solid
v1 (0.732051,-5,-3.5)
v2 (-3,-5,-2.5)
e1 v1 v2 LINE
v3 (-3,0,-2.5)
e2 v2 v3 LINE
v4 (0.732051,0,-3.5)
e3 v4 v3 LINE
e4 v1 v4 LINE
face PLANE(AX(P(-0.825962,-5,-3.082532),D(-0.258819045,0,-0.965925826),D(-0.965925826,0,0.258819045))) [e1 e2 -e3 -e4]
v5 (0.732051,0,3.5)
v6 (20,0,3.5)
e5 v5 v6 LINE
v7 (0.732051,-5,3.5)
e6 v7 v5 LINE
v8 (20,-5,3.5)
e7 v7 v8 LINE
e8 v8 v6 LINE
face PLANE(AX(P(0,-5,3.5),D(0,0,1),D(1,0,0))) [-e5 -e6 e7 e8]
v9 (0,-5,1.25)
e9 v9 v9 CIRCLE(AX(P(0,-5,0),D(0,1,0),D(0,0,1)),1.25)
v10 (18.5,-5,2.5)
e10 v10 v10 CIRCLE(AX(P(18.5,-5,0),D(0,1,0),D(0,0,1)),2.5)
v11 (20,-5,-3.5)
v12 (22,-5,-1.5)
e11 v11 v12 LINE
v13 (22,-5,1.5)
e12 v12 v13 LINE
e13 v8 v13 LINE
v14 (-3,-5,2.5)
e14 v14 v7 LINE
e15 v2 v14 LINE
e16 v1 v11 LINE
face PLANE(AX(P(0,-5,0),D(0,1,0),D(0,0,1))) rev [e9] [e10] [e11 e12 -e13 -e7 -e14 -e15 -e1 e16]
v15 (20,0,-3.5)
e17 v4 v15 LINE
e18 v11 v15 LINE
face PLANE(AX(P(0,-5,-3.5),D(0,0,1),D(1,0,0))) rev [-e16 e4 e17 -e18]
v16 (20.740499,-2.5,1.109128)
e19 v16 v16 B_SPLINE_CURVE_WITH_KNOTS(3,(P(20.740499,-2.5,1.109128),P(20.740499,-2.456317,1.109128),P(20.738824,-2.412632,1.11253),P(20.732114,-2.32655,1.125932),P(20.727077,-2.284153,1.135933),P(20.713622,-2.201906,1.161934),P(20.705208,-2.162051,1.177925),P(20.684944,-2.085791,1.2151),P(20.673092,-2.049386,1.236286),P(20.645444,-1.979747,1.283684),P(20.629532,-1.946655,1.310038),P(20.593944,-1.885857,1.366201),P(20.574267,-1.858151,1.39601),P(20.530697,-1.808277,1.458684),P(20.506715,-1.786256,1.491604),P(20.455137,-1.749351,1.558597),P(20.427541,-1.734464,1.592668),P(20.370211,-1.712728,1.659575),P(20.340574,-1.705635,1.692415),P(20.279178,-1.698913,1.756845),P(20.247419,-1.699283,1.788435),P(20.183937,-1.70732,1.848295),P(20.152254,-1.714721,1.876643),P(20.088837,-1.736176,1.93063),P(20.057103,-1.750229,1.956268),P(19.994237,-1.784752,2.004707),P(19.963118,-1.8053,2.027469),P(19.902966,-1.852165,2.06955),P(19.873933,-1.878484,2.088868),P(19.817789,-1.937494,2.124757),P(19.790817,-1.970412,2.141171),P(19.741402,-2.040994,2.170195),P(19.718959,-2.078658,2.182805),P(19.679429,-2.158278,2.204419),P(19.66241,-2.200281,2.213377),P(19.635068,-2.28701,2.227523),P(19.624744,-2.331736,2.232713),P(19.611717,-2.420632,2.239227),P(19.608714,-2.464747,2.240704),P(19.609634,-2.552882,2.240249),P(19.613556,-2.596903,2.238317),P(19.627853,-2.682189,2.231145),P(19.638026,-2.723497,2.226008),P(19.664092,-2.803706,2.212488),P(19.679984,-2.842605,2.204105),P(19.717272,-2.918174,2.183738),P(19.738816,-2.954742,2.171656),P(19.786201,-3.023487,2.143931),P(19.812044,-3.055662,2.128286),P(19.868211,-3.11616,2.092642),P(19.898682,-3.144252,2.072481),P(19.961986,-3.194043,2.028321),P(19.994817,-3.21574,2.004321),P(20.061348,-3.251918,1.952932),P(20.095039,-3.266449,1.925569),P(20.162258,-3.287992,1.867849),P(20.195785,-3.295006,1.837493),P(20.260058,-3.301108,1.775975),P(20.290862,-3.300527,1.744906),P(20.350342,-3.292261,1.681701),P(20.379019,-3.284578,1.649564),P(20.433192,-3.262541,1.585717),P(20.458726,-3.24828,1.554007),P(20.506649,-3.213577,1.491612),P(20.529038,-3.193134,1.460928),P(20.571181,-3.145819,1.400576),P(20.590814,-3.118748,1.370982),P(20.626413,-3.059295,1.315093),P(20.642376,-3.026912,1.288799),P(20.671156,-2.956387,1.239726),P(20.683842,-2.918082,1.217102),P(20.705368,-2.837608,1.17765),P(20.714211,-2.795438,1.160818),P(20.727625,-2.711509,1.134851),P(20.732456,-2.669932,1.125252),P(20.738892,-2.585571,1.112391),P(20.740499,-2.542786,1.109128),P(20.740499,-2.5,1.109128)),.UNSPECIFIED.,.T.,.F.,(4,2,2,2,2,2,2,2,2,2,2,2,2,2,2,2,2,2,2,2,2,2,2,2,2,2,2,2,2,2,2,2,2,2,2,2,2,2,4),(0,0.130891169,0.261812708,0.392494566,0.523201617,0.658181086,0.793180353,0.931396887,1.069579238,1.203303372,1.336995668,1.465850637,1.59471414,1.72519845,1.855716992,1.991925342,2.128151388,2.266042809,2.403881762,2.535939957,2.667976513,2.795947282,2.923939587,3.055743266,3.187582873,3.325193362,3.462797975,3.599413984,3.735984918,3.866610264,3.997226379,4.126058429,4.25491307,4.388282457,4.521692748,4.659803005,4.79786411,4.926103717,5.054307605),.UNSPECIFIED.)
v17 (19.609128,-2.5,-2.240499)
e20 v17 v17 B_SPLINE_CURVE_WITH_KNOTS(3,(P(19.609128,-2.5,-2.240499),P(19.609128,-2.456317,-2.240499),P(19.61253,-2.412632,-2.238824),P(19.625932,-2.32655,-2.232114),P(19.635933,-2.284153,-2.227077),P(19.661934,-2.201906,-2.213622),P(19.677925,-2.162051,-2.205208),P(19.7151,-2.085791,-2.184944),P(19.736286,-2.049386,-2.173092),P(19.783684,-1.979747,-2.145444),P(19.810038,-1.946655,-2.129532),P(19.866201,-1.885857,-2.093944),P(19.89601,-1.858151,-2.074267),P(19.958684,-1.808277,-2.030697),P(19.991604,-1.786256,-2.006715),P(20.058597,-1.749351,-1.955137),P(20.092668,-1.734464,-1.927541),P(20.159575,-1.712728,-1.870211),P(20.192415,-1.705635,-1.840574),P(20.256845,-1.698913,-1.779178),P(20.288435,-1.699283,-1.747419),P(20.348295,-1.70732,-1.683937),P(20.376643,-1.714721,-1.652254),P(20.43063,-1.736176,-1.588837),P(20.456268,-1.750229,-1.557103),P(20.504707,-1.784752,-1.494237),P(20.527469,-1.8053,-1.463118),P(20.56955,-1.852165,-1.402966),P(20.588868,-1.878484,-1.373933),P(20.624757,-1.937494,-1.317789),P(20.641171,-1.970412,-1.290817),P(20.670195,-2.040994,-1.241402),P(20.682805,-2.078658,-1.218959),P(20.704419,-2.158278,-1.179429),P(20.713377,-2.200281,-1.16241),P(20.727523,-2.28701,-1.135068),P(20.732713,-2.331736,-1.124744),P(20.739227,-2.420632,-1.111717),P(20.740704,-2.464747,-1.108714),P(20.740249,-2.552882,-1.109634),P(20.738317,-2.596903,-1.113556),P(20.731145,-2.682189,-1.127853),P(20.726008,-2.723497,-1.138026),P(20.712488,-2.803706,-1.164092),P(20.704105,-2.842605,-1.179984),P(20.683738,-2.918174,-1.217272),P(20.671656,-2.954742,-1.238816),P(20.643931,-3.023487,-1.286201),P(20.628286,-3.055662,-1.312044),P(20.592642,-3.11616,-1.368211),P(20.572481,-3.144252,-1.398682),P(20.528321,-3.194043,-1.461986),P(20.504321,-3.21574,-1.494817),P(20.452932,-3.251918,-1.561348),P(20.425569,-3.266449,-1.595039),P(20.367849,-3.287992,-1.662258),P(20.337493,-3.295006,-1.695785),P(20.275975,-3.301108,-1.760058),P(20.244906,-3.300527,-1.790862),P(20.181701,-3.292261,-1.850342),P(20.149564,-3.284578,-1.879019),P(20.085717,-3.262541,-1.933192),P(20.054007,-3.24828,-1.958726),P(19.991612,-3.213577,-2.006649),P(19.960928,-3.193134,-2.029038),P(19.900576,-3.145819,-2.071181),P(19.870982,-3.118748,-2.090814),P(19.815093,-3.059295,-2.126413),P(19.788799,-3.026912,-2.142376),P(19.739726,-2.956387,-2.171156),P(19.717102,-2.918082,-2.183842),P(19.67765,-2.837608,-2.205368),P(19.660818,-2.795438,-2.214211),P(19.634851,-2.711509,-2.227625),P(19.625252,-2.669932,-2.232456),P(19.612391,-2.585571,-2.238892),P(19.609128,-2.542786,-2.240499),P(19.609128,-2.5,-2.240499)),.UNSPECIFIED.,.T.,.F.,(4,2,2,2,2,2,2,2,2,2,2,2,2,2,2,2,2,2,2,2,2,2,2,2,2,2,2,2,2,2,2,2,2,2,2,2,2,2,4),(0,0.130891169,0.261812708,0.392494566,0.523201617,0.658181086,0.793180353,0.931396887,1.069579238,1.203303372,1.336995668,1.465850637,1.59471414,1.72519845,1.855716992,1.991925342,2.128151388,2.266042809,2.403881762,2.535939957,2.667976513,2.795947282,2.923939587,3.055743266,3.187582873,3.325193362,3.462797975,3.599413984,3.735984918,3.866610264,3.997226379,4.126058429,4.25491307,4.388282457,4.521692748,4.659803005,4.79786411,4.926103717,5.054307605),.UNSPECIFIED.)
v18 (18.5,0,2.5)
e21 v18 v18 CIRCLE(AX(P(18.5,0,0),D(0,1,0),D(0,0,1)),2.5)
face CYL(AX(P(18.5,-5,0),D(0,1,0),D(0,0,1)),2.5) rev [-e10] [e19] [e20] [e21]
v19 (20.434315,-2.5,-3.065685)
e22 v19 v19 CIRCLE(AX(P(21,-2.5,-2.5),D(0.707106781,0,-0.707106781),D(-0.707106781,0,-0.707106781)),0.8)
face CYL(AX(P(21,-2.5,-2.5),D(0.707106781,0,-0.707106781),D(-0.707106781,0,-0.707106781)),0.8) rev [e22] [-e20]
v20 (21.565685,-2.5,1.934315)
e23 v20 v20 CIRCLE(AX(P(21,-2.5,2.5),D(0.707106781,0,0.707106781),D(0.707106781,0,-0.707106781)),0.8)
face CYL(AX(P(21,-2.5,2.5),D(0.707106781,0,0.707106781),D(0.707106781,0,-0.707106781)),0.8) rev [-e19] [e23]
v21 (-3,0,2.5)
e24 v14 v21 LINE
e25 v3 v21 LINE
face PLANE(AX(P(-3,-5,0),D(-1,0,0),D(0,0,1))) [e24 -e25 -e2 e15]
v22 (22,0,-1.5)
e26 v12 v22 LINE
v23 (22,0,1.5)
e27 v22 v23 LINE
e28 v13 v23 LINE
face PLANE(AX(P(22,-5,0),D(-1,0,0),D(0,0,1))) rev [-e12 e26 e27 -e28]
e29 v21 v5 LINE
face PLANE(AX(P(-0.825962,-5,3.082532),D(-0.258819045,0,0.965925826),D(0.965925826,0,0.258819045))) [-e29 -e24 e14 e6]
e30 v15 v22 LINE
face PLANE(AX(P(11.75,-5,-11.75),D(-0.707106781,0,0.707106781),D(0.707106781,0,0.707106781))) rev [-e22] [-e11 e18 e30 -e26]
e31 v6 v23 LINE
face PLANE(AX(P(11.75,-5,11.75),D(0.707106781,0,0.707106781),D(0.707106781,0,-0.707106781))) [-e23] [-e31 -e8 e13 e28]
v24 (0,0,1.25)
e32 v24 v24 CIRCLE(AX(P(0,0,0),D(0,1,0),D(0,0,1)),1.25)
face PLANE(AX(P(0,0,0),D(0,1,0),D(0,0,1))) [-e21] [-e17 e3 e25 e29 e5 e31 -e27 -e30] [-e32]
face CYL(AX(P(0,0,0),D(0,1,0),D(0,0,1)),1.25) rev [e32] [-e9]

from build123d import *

# Parameters (mm, degrees)
BLOCK_R                = 2.5
BOSS_EXTRUDE1_DEPTH    = 5
M3_TAPPED_HOLE1_D      = 2.5
M2_TAPPED_HOLE1_REACH  = 23.797
M2_TAPPED_HOLE1_BORE_R = 0.8


with BuildPart() as part:
    # block → Boss-Extrude1 (new body)
    with BuildSketch(Plane(origin=(0, 0, 0), x_dir=(1, 0, 0), z_dir=(0, 1, 0))):
        Polygon((0.732050808, 3.5), (20, 3.5), (22, 1.5), (22, -1.5), (20, -3.5), (0.732050808, -3.5), (-3, -2.5), (-3, 2.5), align=None)
        with Locations(Location((18.5, 0, 0), (0, 0, 270))):
            Circle(BLOCK_R, mode=Mode.SUBTRACT)
    extrude(amount=-BOSS_EXTRUDE1_DEPTH)

    # M3 Tapped Hole1 (through all)
    with Locations(Plane(origin=(0, 0, 0), x_dir=(1, 0, 0), z_dir=(0, 1, 0))):
        with Locations((0, 0)):
            Hole(M3_TAPPED_HOLE1_D / 2)

    # M2 Tapped Hole1 bore → M2 Tapped Hole1 (cut, up to next)
    with BuildSketch(Plane(origin=(11.75, 0, -11.75), x_dir=(-0.7071067811865465, 0, -0.7071067811865486), z_dir=(0.7071067811865486, 0, -0.7071067811865465)), mode=Mode.PRIVATE) as m2_tapped_hole1_sk1:
        with Locations((-13.081475452, -2.5)):
            Circle(M2_TAPPED_HOLE1_BORE_R)
    m2_tapped_hole1_tool1 = extrude(m2_tapped_hole1_sk1.sketch, amount=-M2_TAPPED_HOLE1_REACH, mode=Mode.PRIVATE) & part.part
    m2_tapped_hole1 = m2_tapped_hole1_tool1.solids().sort_by_distance((21, -2.5, -2.5))[0]
    add(m2_tapped_hole1, mode=Mode.SUBTRACT)

    # Mirror1: M2 Tapped Hole1 across plane
    add(m2_tapped_hole1.mirror(Plane.XY), mode=Mode.SUBTRACT)


solid = part.part
